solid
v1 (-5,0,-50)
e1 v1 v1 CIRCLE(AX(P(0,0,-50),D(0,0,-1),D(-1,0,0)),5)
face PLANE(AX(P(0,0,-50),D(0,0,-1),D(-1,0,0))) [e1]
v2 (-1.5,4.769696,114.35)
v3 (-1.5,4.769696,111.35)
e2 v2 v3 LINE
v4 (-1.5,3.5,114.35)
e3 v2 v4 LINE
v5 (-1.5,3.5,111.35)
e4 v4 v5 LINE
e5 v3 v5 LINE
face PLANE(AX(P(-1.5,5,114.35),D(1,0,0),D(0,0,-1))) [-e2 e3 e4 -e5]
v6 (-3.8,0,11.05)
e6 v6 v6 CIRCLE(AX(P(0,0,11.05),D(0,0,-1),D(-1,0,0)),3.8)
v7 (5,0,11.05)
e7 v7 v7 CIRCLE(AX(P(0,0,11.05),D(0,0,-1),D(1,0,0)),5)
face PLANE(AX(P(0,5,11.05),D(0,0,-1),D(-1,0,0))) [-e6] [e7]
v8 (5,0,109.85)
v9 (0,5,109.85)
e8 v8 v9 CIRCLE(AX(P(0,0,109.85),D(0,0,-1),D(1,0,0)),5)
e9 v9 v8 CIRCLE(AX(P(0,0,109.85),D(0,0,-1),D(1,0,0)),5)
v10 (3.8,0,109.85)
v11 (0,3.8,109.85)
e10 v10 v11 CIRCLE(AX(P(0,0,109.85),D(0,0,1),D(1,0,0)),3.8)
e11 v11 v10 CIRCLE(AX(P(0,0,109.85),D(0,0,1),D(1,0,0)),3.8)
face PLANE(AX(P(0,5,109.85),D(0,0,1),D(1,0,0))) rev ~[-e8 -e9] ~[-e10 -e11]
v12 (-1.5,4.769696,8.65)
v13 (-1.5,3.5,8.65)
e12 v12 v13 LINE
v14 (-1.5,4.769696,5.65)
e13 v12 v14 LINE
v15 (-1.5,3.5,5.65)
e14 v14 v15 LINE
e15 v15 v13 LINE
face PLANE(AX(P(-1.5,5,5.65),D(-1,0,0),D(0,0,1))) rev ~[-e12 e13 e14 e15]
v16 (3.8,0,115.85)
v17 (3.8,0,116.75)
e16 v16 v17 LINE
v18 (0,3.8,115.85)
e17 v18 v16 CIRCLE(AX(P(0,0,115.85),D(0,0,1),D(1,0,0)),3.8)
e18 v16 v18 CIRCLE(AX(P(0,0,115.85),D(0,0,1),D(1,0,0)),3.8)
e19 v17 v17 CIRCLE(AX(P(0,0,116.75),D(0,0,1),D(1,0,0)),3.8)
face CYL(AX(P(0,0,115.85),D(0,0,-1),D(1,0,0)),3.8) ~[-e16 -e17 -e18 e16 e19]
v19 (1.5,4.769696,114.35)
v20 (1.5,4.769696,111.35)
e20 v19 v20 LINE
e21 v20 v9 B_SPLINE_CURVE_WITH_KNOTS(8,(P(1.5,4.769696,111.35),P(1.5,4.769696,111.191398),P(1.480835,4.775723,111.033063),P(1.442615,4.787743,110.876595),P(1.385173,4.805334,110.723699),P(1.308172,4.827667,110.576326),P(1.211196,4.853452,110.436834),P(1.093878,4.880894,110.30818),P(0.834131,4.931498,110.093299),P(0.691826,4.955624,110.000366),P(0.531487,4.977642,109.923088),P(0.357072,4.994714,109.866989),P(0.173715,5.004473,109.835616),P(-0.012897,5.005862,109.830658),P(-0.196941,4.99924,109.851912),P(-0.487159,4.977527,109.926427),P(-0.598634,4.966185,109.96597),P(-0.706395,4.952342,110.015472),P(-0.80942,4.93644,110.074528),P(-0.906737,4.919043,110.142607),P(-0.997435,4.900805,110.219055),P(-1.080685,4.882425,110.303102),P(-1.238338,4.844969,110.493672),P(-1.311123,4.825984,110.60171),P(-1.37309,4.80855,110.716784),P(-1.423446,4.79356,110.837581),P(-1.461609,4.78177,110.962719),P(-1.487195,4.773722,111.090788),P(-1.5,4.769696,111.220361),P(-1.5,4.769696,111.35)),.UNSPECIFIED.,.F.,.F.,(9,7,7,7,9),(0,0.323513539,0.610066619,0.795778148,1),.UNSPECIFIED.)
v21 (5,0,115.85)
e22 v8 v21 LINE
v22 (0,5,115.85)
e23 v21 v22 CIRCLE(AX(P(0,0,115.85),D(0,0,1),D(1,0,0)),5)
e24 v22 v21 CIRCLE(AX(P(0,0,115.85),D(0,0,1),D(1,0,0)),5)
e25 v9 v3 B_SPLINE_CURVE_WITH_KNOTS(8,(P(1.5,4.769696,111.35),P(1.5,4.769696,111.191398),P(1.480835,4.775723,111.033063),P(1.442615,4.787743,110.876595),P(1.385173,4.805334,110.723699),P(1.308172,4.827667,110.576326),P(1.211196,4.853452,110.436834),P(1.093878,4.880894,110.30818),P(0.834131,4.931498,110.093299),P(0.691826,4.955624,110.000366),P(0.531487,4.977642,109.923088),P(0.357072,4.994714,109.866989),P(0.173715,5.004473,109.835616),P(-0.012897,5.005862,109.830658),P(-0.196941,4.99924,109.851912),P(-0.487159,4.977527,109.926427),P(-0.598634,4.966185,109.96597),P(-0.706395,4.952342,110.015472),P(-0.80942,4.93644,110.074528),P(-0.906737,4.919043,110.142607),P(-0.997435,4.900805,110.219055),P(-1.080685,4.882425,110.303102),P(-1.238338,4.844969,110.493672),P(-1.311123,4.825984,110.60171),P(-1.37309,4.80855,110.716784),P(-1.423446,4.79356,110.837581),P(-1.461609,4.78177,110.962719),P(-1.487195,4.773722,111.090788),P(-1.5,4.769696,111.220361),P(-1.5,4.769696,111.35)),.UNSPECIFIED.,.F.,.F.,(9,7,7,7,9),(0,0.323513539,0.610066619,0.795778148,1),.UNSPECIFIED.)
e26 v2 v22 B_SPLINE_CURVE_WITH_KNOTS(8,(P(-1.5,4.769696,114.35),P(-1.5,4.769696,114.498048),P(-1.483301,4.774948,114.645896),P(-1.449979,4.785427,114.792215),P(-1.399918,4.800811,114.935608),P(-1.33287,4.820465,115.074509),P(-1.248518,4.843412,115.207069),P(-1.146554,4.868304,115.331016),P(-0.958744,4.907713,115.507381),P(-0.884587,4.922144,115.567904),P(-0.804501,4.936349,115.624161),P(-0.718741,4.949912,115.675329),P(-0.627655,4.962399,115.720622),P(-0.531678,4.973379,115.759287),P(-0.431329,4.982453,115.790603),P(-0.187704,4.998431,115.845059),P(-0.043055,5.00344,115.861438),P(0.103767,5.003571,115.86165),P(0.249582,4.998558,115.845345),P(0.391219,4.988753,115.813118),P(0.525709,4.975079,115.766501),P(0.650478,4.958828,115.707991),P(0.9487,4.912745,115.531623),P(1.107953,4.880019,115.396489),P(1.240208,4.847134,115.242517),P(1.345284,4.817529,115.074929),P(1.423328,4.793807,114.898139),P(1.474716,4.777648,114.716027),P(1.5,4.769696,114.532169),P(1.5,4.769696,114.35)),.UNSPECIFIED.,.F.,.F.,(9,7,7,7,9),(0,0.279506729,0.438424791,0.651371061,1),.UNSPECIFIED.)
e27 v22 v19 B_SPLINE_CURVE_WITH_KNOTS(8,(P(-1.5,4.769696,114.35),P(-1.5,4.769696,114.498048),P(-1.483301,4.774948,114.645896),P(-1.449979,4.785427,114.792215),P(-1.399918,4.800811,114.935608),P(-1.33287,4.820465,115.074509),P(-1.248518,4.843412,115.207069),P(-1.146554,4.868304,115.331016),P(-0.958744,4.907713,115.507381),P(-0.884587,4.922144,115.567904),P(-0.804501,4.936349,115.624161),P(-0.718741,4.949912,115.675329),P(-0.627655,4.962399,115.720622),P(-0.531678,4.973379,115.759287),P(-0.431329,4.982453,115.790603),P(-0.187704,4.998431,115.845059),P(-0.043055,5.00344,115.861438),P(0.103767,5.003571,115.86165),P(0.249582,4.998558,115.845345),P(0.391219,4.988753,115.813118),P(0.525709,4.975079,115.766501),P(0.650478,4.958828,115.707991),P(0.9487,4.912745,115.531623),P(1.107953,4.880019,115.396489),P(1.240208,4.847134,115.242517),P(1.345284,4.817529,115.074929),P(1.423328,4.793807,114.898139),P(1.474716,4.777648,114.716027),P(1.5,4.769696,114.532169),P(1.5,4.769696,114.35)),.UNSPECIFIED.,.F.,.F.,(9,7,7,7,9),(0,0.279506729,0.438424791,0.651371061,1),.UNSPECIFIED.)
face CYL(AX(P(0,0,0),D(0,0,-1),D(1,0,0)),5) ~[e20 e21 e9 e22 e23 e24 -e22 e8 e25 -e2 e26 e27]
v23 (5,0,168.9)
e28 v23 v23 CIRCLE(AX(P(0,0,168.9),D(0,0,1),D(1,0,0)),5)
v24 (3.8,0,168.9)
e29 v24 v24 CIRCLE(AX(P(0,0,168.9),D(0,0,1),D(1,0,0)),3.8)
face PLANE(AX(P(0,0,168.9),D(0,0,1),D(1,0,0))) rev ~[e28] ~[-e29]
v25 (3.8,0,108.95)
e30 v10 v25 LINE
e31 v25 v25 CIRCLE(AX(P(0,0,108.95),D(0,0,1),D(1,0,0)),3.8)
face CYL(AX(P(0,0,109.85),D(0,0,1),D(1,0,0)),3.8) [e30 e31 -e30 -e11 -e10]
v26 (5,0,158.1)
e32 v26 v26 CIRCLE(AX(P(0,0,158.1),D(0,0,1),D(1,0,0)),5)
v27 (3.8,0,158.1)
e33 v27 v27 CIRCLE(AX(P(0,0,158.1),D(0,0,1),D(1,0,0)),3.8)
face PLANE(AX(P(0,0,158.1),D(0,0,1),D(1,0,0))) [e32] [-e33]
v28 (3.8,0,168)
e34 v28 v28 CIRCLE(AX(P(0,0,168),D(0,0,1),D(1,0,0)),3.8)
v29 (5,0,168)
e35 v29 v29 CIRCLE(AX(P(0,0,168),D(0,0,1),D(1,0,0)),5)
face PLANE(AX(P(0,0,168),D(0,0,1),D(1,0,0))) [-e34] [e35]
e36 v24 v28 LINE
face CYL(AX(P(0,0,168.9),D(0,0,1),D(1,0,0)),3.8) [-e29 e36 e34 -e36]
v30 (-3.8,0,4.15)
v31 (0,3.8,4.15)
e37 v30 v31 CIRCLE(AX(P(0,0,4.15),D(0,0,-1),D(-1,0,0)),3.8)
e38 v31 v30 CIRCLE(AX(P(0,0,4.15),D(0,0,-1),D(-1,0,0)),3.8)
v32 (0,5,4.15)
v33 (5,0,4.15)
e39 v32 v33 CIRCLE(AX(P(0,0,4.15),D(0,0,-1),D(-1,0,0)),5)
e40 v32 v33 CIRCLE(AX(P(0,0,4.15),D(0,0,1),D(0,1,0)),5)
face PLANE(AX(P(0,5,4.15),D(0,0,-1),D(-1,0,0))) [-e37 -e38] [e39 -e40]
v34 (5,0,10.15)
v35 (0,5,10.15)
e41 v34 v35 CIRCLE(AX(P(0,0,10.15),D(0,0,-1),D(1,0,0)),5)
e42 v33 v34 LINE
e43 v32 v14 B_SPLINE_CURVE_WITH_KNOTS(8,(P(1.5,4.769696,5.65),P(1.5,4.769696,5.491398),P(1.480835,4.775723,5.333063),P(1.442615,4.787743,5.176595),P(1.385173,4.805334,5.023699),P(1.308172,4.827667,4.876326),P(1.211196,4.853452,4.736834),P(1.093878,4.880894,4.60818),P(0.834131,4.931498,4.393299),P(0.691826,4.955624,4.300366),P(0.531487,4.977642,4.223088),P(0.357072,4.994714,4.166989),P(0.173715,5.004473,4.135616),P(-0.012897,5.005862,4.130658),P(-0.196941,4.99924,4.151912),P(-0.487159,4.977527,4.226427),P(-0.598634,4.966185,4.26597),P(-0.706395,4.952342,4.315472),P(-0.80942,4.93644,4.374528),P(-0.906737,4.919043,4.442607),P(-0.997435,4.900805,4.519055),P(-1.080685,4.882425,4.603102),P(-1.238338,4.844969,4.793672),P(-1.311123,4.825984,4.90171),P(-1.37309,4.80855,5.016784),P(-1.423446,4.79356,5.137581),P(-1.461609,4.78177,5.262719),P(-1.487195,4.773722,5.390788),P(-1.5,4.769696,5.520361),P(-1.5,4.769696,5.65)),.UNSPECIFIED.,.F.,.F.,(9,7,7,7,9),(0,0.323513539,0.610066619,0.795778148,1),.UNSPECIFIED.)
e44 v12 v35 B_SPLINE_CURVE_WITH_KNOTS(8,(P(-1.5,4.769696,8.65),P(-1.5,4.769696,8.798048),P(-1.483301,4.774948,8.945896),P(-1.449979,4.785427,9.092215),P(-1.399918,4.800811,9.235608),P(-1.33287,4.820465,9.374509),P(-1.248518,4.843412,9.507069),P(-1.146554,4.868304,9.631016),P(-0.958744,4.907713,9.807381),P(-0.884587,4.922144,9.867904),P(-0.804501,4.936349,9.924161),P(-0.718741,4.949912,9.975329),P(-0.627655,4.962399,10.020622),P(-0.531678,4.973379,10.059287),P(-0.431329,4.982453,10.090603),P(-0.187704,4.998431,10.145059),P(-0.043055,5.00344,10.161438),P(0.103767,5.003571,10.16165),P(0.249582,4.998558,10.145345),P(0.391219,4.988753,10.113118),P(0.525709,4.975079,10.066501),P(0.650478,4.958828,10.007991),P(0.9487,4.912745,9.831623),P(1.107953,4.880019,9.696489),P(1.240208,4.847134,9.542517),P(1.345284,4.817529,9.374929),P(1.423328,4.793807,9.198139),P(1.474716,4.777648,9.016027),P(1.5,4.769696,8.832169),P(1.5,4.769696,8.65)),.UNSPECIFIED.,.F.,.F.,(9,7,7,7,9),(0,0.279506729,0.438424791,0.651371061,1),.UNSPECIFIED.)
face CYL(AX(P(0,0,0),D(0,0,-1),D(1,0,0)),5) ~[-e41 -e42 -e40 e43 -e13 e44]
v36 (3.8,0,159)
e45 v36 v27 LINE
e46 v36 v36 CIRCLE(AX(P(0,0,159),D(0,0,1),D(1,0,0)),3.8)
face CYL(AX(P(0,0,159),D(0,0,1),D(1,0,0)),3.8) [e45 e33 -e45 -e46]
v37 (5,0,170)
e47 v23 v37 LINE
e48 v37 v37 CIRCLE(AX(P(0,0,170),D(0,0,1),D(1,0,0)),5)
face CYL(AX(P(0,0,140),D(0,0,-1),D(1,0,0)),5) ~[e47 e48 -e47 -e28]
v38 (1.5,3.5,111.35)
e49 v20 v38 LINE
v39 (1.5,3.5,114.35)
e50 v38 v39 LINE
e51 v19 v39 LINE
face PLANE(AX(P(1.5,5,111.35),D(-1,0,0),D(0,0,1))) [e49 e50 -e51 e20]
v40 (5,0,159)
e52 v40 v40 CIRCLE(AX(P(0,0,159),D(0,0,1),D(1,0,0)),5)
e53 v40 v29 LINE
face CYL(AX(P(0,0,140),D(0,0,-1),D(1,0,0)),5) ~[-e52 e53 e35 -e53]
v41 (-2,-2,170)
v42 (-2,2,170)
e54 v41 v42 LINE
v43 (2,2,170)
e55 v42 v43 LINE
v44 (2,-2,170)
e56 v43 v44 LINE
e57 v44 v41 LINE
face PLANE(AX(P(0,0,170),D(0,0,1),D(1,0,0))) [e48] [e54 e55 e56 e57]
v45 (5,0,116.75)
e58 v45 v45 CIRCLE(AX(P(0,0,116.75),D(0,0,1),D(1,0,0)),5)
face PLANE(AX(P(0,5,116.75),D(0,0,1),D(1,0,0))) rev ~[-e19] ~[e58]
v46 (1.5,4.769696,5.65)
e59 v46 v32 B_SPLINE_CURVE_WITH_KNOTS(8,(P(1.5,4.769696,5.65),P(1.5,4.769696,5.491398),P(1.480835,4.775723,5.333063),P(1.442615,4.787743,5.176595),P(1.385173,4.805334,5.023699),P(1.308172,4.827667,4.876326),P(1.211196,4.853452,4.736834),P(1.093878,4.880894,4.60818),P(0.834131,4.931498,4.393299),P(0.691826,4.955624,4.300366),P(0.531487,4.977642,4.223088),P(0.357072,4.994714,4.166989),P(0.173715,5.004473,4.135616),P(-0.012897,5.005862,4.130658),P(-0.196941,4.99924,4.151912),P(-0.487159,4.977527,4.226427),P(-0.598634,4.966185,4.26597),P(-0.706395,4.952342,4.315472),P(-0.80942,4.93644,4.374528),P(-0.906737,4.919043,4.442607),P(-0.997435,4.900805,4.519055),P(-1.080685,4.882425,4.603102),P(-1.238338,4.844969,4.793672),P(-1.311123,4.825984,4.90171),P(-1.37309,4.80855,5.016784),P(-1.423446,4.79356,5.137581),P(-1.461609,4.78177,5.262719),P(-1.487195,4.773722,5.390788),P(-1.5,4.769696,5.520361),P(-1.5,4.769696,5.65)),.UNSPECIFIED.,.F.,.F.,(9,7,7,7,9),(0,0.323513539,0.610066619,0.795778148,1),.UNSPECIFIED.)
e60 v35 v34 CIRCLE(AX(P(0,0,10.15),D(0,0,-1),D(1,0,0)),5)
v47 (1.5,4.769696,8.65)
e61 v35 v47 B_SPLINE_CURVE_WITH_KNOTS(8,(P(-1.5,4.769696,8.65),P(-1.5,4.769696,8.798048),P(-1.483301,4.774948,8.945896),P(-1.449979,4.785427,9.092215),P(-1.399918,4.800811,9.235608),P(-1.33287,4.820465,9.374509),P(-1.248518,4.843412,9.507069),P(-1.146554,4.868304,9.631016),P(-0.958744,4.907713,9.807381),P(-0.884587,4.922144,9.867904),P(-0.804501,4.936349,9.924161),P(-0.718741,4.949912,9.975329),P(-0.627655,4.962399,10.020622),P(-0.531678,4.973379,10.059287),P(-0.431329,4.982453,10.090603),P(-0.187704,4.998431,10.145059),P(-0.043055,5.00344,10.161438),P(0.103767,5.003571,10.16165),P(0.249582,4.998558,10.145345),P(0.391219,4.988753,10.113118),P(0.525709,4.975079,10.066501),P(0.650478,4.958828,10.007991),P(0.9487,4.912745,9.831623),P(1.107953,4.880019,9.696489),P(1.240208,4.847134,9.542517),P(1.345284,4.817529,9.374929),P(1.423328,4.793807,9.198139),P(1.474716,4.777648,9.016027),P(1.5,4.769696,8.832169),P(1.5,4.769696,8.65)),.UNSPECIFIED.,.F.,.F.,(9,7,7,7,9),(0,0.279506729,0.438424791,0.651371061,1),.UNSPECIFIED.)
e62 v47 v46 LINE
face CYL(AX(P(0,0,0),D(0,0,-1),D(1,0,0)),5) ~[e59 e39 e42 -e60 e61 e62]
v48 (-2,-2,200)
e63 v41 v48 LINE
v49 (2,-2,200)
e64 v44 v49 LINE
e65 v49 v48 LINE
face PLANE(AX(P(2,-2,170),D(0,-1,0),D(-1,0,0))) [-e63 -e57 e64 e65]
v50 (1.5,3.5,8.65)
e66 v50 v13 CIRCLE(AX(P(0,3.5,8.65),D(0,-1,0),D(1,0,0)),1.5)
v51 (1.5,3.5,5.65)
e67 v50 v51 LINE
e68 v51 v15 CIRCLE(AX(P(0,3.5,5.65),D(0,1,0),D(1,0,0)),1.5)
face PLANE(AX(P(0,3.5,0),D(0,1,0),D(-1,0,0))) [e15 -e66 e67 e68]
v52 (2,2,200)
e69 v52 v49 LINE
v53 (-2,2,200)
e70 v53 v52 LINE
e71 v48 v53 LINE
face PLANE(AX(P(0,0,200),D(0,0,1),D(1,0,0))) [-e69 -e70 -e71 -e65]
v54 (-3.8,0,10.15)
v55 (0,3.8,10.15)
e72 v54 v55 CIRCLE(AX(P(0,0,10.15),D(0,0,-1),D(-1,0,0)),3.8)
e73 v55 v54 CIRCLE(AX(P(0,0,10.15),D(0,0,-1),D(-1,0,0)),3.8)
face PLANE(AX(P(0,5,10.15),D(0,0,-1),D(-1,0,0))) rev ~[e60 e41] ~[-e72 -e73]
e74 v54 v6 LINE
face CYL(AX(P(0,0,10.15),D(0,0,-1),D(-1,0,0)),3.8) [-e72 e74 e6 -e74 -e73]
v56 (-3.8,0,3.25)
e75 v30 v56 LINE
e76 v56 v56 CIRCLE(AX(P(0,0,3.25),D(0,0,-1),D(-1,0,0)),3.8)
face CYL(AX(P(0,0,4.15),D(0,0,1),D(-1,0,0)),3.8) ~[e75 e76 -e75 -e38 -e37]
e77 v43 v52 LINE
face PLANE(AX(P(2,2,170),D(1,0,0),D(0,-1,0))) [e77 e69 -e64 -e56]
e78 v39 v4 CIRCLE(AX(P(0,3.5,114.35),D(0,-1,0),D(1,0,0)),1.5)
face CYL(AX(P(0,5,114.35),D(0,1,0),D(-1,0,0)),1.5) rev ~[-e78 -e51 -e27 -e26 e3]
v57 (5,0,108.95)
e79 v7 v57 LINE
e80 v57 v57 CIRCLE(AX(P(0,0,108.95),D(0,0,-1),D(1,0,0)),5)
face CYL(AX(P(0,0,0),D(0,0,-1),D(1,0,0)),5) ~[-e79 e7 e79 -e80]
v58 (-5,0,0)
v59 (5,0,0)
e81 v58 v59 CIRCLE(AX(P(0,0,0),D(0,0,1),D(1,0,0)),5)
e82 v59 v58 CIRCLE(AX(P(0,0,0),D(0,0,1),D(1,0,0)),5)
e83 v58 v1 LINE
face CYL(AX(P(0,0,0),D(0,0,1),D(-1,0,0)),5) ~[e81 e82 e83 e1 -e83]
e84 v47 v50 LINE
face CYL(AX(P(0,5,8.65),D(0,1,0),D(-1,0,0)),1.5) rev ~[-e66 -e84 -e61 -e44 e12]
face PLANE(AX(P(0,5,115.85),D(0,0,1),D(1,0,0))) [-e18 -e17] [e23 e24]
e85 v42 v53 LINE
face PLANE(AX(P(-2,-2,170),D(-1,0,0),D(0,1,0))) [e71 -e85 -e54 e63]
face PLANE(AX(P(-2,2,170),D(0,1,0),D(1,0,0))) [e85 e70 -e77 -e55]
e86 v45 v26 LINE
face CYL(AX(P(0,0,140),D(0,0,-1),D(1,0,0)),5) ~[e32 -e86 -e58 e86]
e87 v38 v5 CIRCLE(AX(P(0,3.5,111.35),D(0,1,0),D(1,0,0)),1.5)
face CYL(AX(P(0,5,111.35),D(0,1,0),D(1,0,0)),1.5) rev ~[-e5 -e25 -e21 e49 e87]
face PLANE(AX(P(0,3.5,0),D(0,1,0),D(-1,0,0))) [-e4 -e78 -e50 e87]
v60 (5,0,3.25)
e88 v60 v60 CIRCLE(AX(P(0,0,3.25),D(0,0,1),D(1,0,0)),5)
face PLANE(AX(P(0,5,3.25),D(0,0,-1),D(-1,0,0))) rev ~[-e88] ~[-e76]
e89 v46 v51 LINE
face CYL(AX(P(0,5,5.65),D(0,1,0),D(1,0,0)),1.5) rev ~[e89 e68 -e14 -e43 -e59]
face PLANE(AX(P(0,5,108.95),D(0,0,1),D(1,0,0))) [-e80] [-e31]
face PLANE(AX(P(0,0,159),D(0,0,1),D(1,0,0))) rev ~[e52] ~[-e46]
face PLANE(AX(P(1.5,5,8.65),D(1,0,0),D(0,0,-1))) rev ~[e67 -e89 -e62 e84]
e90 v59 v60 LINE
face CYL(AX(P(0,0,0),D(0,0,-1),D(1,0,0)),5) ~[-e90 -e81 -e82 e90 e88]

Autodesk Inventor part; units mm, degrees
sketch "Skizze1" plane through (0, 0, 0) normal (0, 0, 1) x (1, 0, 0)
  circle A0 centre (0, 0) radius 5
  dimension "d0" = 10
extrude "Extrusion1" add sketch "Skizze1" along normal blind 140
sketch "Skizze4" plane through (0, 0, 0) normal (0, 0, -1) x (-1, 0, 0)
  circle A0 centre (0, 0) radius 5
  dimension "d15" = 10
extrude "Extrusion4" add sketch "Skizze4" along normal blind 50
sketch "Skizze5" plane through (0, 0, 140) normal (0, 0, 1) x (1, 0, 0)
  circle A0 centre (0, 0) radius 5
sketch "Skizze6" plane through (0, 0, 140) normal (0, 0, 1) x (1, 0, 0)
  point P0 (0, 0)
extrude "Extrusion5" add sketch "Skizze5" along normal blind 30
sketch "Skizze7" plane through (0, 0, 170) normal (0, 0, 1) x (1, 0, 0)
  line L0 (0, 0) -> (0, 2)
  line L1 (0, 2) -> (2, 2)
  line L2 (2, 2) -> (2, -2)
  line L3 (2, -2) -> (-2, -2)
  line L4 (-2, -2) -> (-2, 2)
  line L5 (-2, 2) -> (0, 2)
  dimension "d20" = 2
  dimension "d21" = 2
  dimension "d22" = 4
  dimension "d23" = 4
extrude "Extrusion6" add sketch "Skizze7" along normal blind 30
ref_plane "Arbeitsebene1" through (0, 5, 0) normal (0, 1, 0) x (-1, 0, 0)
sketch "Skizze8" plane through (0, 5, 0) normal (0, 1, 0) x (-1, 0, 0)
  line L0 (-5, -50) -> (5, -50) projected
  line L1 (0, -50) -> (0, 170)
  line L2 (5, 170) -> (-5, 170) projected
  line L3 (0, 170) -> (0, 60)
  line L4 (0, 60) -> (0, 112.85)
  line L5 (0, 60) -> (0, 7.15)
  line L6 (0, 8.65) -> (0, 5.65) construction
  line L7 (-1.5, 8.65) -> (-1.5, 5.65)
  line L8 (1.5, 5.65) -> (1.5, 8.65)
  arc A0 (1.5, 8.65) -> (-1.5, 8.65) centre (0, 8.65) ccw
  arc A1 (-1.5, 5.65) -> (1.5, 5.65) centre (0, 5.65) ccw
  line L9 (0, 111.35) -> (0, 114.35) construction
  line L10 (-1.5, 111.35) -> (-1.5, 114.35)
  line L11 (1.5, 114.35) -> (1.5, 111.35)
  arc A2 (-1.5, 111.35) -> (1.5, 111.35) centre (0, 111.35) ccw
  arc A3 (1.5, 114.35) -> (-1.5, 114.35) centre (0, 114.35) ccw
  point P0 (0, 0)
  dimension "d27" = 52.85
  dimension "d28" = 52.85
  dimension "d30" = 3
  dimension "d31" = 6
  dimension "d35" = 1.5
  dimension "d46" = 6
extrude "Extrusion7" cut sketch "Skizze8" against normal blind 1.5 contours A1 L7 A0 L1 | L1 A0 L8 A1
extrude "Extrusion8" cut sketch "Skizze8" against normal blind 1.5 contours A2 L10 A3 L1 | L1 A3 L11 A2
ref_plane "Arbeitsebene2" through (0, 5, 115.85) normal (0, 0, 1) x (1, 0, 0)
sketch "Skizze9" plane through (0, 5, 115.85) normal (0, 0, 1) x (1, 0, 0)
  circle A0 centre (0, -5) radius 3.8
  circle A1 centre (0, -5) radius 5
  point P0 (0, -5)
  dimension "d38" = 7.6
  dimension "d41" = 10
extrude "Extrusion9" cut sketch "Skizze9" along normal blind 0.9
ref_plane "Arbeitsebene3" through (0, 5, 4.15) normal (0, 0, -1) x (-1, 0, 0)
sketch "Skizze10" plane through (0, 5, 4.15) normal (0, 0, -1) x (-1, 0, 0)
  circle A0 centre (0, -5) radius 5
  circle A1 centre (0, -5) radius 3.8
  point P0 (0, -5)
  dimension "d42" = 7.6
extrude "Extrusion10" cut sketch "Skizze10" along normal blind 0.9
ref_plane "Arbeitsebene4" through (0, 5, 109.85) normal (0, 0, 1) x (1, 0, 0)
sketch "Skizze11" plane through (0, 5, 109.85) normal (0, 0, 1) x (1, 0, 0)
  circle A0 centre (0, -5) radius 5.4286
  circle A1 centre (0, -5) radius 3.8
  point P0 (0, -5)
  dimension "d48" = 7.6
extrude "Extrusion11" cut sketch "Skizze11" against normal blind 0.9
ref_plane "Arbeitsebene5" through (0, 5, 10.15) normal (0, 0, -1) x (-1, 0, 0)
sketch "Skizze12" plane through (0, 5, 10.15) normal (0, 0, -1) x (-1, 0, 0)
  circle A0 centre (0, -5) radius 5.0141
  circle A1 centre (0, -5) radius 3.8
  point P0 (0, -5)
  dimension "d52" = 7.6
extrude "Extrusion12" cut sketch "Skizze12" against normal blind 0.9
ref_plane "Arbeitsebene6" through (0, 0, 168.9) normal (0, 0, 1) x (1, 0, 0)
sketch "Skizze13" plane through (0, 0, 168.9) normal (0, 0, 1) x (1, 0, 0)
  circle A0 centre (0, 0) radius 3.8
  circle A1 centre (0, 0) radius 5
  dimension "d56" = 7.6
  dimension "d64" = 10
extrude "Extrusion13" cut sketch "Skizze13" against normal blind 0.9
ref_plane "Arbeitsebene7" through (0, 0, 159) normal (0, 0, 1) x (1, 0, 0)
sketch "Skizze14" plane through (0, 0, 159) normal (0, 0, 1) x (1, 0, 0)
  circle A0 centre (0, 0) radius 5
  circle A1 centre (0, 0) radius 3.8
  dimension "d60" = 10
  dimension "d61" = 7.6
extrude "Extrusion14" cut sketch "Skizze14" against normal blind 0.9
properties part number "Förderbandwelle_vorne"
